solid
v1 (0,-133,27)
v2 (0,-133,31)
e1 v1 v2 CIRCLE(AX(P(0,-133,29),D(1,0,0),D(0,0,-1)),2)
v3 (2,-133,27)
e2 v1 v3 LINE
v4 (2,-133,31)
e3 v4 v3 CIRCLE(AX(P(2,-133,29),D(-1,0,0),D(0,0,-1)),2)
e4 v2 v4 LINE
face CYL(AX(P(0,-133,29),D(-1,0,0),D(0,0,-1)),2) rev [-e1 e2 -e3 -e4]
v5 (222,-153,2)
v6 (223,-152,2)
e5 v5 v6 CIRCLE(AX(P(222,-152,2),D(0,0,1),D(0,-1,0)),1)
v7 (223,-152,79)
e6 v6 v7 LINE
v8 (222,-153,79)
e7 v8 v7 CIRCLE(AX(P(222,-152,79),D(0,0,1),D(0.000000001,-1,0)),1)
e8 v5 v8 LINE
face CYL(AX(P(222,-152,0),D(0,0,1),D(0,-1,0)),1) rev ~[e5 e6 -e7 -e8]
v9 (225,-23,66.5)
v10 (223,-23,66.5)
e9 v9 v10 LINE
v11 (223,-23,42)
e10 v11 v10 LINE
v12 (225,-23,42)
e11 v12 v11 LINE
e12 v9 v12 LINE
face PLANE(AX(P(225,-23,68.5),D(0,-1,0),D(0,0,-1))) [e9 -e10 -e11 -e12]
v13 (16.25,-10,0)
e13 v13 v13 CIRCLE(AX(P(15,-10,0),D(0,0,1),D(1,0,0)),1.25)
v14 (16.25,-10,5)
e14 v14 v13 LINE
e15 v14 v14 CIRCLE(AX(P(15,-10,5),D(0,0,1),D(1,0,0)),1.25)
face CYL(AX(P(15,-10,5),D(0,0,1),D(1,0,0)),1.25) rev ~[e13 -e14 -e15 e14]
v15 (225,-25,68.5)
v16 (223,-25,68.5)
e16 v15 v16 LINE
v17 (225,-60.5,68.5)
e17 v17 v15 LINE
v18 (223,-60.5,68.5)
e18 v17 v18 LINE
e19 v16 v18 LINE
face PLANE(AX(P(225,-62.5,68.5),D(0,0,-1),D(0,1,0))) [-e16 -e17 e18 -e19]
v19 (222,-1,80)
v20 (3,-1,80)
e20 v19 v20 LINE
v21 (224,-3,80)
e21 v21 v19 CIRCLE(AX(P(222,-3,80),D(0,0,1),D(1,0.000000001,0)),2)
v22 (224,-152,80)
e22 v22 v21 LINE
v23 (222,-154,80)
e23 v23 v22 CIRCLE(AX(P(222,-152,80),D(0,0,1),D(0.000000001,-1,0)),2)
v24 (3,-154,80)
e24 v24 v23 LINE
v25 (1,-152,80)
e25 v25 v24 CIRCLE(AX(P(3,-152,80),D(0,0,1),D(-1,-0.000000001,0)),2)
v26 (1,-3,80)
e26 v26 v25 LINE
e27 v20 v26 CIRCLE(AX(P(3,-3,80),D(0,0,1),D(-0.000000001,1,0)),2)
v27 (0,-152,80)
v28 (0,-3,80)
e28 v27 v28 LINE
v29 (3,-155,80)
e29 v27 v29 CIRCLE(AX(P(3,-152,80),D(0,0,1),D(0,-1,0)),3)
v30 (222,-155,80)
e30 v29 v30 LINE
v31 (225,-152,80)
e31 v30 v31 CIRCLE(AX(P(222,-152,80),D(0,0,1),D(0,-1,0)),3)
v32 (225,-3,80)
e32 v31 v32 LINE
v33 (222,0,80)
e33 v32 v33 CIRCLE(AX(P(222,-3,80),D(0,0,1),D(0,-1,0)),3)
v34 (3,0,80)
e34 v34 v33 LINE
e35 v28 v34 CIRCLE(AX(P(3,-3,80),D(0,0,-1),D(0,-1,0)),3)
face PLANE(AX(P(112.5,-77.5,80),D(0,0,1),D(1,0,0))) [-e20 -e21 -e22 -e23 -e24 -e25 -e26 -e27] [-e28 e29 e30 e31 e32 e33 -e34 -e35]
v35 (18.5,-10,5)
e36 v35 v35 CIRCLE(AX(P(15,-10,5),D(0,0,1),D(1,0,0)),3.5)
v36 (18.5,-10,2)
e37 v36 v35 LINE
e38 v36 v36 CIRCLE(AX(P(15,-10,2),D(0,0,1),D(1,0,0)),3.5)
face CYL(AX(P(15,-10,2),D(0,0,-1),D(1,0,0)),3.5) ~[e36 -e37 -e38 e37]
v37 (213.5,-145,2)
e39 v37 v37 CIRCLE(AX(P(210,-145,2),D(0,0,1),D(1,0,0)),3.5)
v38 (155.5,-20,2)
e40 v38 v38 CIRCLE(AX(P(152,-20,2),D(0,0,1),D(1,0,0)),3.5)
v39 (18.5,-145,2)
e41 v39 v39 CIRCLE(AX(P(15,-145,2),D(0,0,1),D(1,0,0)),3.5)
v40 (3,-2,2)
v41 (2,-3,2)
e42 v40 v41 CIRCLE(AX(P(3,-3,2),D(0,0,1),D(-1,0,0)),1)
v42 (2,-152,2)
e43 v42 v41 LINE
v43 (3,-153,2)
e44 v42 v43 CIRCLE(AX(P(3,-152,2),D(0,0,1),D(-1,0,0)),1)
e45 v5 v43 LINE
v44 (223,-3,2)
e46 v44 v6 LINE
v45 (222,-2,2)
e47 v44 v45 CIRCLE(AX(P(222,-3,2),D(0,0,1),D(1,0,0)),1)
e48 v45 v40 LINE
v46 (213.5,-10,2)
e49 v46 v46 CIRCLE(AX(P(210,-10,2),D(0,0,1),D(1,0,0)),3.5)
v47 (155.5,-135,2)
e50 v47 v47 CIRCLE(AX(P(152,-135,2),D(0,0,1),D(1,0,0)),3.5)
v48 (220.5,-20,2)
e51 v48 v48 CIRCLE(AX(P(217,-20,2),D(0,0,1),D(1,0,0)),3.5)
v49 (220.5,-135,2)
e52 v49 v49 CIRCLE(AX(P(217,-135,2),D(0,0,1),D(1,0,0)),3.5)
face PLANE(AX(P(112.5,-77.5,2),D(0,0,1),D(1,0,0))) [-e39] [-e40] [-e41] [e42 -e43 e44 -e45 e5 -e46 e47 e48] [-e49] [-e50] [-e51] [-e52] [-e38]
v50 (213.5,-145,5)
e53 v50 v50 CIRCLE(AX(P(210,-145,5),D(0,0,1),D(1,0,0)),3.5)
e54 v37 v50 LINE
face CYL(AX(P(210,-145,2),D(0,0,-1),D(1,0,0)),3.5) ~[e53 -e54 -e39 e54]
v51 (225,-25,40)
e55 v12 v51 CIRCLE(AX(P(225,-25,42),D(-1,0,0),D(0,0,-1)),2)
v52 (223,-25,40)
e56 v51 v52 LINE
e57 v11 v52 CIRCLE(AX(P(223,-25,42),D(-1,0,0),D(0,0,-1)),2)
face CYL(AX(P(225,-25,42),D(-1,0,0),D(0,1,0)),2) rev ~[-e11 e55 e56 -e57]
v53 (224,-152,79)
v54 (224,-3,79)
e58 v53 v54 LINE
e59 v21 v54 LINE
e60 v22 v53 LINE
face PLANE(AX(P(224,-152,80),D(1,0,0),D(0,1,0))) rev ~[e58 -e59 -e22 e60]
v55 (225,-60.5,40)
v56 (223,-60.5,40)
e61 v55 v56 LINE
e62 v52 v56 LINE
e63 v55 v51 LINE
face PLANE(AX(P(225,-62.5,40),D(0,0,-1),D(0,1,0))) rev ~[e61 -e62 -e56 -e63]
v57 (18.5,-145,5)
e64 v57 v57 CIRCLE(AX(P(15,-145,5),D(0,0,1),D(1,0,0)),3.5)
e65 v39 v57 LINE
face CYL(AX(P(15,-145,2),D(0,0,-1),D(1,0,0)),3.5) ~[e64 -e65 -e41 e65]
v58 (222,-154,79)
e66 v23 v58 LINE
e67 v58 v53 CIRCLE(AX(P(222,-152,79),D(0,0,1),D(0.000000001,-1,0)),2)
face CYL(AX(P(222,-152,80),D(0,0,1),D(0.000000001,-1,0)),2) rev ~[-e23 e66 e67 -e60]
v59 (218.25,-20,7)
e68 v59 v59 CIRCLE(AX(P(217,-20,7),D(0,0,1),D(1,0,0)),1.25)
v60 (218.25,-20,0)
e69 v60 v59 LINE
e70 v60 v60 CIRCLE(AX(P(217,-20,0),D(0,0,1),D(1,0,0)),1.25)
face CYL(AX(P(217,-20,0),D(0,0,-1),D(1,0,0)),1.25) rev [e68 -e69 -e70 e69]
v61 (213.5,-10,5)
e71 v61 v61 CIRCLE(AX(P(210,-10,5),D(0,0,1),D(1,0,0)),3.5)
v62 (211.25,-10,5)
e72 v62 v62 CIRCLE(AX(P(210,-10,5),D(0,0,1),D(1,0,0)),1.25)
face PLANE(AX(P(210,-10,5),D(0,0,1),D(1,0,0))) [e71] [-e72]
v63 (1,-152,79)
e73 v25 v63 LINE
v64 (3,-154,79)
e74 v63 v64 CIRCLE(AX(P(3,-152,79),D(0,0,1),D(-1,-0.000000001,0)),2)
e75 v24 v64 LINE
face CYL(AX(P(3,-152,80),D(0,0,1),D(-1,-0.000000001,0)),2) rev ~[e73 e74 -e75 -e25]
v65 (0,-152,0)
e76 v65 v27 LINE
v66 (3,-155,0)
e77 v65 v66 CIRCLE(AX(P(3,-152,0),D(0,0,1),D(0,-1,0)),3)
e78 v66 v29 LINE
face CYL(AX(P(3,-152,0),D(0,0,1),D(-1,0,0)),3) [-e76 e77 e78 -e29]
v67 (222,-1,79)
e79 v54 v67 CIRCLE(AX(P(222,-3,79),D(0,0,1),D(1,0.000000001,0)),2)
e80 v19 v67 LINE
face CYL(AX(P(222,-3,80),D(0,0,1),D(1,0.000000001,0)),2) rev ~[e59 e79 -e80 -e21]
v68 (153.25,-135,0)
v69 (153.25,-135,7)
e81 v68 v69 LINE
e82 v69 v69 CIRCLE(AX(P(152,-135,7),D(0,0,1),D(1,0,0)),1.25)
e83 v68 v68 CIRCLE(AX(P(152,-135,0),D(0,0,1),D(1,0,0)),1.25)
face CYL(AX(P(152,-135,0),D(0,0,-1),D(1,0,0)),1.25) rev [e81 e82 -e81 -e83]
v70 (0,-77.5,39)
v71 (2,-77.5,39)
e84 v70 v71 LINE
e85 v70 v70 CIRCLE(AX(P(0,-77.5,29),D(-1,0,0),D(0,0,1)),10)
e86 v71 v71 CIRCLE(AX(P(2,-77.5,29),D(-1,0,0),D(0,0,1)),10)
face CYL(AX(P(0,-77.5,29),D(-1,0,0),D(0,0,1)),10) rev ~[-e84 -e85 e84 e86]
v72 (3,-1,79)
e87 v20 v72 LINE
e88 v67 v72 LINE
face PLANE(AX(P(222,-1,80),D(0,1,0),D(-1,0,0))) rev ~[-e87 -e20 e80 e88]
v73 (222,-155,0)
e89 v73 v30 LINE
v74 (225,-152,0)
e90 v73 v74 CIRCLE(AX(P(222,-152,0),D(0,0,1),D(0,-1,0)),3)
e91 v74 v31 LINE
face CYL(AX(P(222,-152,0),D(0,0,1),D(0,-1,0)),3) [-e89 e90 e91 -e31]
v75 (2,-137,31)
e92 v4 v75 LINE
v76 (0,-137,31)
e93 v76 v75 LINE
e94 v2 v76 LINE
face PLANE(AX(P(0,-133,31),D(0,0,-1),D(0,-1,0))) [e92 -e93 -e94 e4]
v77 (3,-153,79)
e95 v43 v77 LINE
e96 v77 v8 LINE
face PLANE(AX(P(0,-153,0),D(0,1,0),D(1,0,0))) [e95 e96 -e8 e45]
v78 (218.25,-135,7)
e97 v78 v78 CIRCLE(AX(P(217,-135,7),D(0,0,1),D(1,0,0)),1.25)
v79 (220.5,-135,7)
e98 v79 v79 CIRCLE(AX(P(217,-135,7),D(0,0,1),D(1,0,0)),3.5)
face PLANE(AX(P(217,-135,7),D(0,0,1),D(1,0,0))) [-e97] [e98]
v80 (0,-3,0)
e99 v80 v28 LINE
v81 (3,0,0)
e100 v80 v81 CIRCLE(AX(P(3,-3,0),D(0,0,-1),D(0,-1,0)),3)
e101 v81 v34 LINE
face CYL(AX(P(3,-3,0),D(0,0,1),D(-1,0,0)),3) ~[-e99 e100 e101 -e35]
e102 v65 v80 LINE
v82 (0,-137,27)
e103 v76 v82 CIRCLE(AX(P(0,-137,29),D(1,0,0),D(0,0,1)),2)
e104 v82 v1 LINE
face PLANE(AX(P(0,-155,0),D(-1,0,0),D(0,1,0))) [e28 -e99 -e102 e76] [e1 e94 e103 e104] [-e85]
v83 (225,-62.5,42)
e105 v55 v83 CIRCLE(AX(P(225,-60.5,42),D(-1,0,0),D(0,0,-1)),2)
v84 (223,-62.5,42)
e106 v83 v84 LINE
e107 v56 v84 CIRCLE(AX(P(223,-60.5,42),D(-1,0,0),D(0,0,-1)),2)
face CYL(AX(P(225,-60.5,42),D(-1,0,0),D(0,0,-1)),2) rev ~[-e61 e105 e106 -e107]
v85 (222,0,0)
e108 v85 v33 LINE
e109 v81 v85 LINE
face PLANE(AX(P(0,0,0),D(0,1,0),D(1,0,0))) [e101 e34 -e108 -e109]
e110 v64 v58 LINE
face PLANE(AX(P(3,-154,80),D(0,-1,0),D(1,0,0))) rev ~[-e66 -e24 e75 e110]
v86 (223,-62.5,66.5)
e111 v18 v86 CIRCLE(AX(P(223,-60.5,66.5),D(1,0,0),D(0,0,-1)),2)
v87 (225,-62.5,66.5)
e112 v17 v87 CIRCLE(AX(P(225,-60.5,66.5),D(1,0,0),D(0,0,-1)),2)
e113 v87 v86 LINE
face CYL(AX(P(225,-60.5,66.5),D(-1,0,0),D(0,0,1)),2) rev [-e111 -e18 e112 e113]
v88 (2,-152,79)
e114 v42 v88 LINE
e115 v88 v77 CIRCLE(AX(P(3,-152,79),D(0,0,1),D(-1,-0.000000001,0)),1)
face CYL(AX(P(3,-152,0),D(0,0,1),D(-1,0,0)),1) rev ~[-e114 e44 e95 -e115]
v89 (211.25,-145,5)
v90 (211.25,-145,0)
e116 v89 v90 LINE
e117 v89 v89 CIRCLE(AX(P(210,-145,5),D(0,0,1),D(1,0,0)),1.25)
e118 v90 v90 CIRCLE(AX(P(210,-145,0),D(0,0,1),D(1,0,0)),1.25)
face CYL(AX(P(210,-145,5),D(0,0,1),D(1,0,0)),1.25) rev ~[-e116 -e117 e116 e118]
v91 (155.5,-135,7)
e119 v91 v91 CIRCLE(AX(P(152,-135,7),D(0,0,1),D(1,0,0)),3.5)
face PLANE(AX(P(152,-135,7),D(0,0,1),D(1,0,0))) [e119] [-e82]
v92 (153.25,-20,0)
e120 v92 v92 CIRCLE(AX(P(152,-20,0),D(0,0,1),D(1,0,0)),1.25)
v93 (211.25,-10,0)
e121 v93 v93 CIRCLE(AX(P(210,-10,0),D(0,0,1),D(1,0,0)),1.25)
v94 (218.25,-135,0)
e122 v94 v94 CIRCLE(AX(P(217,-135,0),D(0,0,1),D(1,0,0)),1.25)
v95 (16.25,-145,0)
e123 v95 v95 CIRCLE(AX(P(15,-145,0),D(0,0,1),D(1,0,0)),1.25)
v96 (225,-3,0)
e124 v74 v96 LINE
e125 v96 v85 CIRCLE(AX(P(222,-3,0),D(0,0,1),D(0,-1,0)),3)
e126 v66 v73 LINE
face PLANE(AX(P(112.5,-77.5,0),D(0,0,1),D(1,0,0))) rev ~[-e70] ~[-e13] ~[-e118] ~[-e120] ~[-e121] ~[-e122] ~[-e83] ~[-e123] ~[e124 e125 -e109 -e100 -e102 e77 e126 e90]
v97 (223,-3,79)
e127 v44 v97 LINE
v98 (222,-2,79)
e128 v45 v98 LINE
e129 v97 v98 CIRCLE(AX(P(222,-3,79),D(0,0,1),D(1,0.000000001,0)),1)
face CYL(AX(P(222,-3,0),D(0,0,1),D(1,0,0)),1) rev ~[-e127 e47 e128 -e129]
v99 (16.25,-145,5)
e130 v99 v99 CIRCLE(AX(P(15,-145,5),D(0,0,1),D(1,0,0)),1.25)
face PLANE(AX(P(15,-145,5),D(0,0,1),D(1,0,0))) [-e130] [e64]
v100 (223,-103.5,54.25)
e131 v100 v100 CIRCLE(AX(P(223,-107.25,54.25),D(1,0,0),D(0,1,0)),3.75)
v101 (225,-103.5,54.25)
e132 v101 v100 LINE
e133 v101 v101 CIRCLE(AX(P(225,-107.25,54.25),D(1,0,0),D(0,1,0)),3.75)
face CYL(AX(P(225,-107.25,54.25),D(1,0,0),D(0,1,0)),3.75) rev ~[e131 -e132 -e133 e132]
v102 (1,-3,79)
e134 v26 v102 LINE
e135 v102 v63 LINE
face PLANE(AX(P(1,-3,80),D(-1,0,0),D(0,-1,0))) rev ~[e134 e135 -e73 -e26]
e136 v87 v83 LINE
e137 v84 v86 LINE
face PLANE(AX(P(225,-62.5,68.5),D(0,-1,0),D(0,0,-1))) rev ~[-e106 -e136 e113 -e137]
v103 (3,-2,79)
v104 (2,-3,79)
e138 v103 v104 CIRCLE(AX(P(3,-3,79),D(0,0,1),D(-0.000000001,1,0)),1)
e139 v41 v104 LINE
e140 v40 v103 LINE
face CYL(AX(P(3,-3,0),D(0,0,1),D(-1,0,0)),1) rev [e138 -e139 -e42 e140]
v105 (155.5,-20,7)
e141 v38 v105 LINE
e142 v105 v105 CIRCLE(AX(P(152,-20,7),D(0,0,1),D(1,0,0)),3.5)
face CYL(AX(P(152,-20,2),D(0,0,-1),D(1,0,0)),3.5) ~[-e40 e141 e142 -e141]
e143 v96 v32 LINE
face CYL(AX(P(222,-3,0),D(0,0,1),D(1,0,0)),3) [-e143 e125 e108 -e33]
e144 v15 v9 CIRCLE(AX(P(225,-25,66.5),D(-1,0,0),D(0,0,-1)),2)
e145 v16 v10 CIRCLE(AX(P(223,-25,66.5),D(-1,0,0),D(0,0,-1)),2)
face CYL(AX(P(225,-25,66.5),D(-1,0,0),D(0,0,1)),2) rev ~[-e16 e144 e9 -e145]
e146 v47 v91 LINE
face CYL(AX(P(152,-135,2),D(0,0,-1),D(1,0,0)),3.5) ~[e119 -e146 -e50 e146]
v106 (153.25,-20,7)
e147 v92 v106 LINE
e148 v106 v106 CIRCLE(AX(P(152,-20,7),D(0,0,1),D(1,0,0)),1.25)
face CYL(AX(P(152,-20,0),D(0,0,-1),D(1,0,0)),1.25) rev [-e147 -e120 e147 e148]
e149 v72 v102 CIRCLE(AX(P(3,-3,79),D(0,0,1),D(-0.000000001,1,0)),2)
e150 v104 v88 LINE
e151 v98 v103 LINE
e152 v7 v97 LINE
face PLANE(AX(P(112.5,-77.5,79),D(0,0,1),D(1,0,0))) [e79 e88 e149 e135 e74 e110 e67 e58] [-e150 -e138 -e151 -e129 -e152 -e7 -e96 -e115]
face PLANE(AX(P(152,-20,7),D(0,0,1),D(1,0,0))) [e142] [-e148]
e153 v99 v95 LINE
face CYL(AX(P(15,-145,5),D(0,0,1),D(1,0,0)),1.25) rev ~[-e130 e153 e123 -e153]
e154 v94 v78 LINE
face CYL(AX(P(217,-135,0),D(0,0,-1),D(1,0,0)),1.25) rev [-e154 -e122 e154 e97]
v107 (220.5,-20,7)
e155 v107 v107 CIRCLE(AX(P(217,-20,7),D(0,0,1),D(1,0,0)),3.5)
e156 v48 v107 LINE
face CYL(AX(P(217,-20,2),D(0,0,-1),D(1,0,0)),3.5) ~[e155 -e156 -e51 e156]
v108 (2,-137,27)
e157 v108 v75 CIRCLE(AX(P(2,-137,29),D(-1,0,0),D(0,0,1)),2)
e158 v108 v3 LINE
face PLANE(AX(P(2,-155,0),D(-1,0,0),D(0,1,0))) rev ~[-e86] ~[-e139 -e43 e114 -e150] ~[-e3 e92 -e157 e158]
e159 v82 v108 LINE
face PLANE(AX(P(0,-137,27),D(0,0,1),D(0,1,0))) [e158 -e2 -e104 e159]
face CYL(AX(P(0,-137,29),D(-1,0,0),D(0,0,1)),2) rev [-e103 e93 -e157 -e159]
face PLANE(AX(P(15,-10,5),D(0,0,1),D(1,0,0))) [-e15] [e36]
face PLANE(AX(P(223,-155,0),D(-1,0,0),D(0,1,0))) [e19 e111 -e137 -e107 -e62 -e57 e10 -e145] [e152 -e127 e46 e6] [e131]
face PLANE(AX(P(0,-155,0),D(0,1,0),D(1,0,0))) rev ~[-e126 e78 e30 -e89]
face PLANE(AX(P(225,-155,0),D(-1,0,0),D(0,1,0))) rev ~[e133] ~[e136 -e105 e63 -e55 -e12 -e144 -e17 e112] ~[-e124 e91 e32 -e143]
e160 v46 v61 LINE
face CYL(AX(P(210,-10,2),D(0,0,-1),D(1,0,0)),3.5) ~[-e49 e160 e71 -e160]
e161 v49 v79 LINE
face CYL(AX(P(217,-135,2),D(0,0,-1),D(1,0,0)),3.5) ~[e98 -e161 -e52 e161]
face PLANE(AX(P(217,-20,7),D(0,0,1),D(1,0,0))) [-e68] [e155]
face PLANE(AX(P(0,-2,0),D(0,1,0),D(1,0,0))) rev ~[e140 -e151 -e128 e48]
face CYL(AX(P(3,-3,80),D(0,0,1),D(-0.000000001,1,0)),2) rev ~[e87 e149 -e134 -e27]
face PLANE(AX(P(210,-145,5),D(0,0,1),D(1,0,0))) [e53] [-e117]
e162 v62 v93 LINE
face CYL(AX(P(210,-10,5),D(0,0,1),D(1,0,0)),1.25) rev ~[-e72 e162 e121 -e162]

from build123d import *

# Parameters (mm, degrees)
SKETCH_1_W          = 225
SKETCH_1_H          = 155
EXTRUDE_1_DEPTH     = 80
FILLET_1_R          = 3
SHELL_1_T           = -2
SKETCH_2_R          = 3.5
SKETCH_2_R_2        = 1.25
EXTRUDE_2_DEPTH     = 5
SKETCH_4_W          = 28.5
SKETCH_4_H          = 39.5
CUT_EXTRUDE_3_DEPTH = 3
FILLET_2_R          = 2
SKETCH_5_R          = 10
CUT_EXTRUDE_4_DEPTH = 3
SKETCH_6_R          = 3.75
CUT_EXTRUDE_5_DEPTH = 3
CUT_EXTRUDE_6_DEPTH = 3
CUT_EXTRUDE_7_DEPTH = 1
SKETCH_9_R          = 3.5
EXTRUDE_4_DEPTH     = 3
SKETCH_10_R         = 1.25
CUT_EXTRUDE_8_DEPTH = 5
CUT_EXTRUDE_START   = -2
SKETCH_11_R         = 1.25
CUT_EXTRUDE_9_DEPTH = 2


with BuildPart() as part:
    # 草图1 → 凸台-拉伸1 (new body)
    with BuildSketch(Plane.XY):
        with Locations((112.5, -77.5)):
            Rectangle(SKETCH_1_W, SKETCH_1_H)
    extrude(amount=EXTRUDE_1_DEPTH)

    # 圆角1
    fillet_1_edges = [part.edges().sort_by_distance(p)[0] for p in [
        (0, 0, 40),
        (225, 0, 40),
        (225, -155, 40),
        (0, -155, 40),
    ]]
    fillet(fillet_1_edges, radius=FILLET_1_R)

    # 抽壳1
    shell_1_openings = [part.faces().sort_by_distance(p)[0] for p in [
        (112.5, -77.5, 80),
    ]]
    offset(amount=SHELL_1_T, openings=shell_1_openings, kind=Kind.INTERSECTION)

    # 草图2 → 凸台-拉伸2 (add)
    # profile 1 of 4: a face of its own
    with BuildSketch(Plane.XY.offset(2)):
        with Locations((217, -20)):
            Circle(SKETCH_2_R)
        with Locations((217, -20)):
            Circle(SKETCH_2_R_2, mode=Mode.SUBTRACT)
    # profile 2 of 4: a face of its own
    with BuildSketch(Plane.XY.offset(2)):
        with Locations((152, -20)):
            Circle(SKETCH_2_R)
        with Locations((152, -20)):
            Circle(SKETCH_2_R_2, mode=Mode.SUBTRACT)
    # profile 3 of 4: a face of its own
    with BuildSketch(Plane.XY.offset(2)):
        with Locations((152, -135)):
            Circle(SKETCH_2_R)
        with Locations((152, -135)):
            Circle(SKETCH_2_R_2, mode=Mode.SUBTRACT)
    # profile 4 of 4: a face of its own
    with BuildSketch(Plane.XY.offset(2)):
        with Locations((217, -135)):
            Circle(SKETCH_2_R)
        with Locations((217, -135)):
            Circle(SKETCH_2_R_2, mode=Mode.SUBTRACT)
    extrude(amount=EXTRUDE_2_DEPTH)

    # 草图4 → 切除-拉伸3 (cut)
    with BuildSketch(Plane(origin=(225, 0, 0), x_dir=(0, 0, -1), z_dir=(1, 0, 0))):
        with Locations((-54.25, -42.75)):
            Rectangle(SKETCH_4_W, SKETCH_4_H)
    extrude(amount=-CUT_EXTRUDE_3_DEPTH, mode=Mode.SUBTRACT)

    # 圆角2
    fillet_2_edges = [part.edges().sort_by_distance(p)[0] for p in [
        (224, -62.5, 68.5),
        (224, -23, 68.5),
        (224, -23, 40),
        (224, -62.5, 40),
    ]]
    fillet(fillet_2_edges, radius=FILLET_2_R)

    # 草图5 → 切除-拉伸4 (cut)
    with BuildSketch(Plane.ZY):
        with Locations((29, -77.5)):
            Circle(SKETCH_5_R)
    extrude(amount=-CUT_EXTRUDE_4_DEPTH, mode=Mode.SUBTRACT)

    # 草图6 → 切除-拉伸5 (cut)
    with BuildSketch(Plane(origin=(225, 0, 0), x_dir=(0, 0, -1), z_dir=(1, 0, 0))):
        with Locations(Location((-54.25, -107.25, 0), (0, 0, 90))):
            Circle(SKETCH_6_R)
    extrude(amount=-CUT_EXTRUDE_5_DEPTH, mode=Mode.SUBTRACT)

    # 草图7 → 切除-拉伸6 (cut)
    with BuildSketch(Plane.ZY):
        with BuildLine():
            Line((31, -133), (31, -137))
            ThreePointArc((31, -137), (29, -139), (27, -137))
            Line((27, -137), (27, -133))
            ThreePointArc((27, -133), (29, -131), (31, -133))
        make_face()
    extrude(amount=-CUT_EXTRUDE_6_DEPTH, mode=Mode.SUBTRACT)

    # 草图8 → 切除-拉伸7 (cut)
    with BuildSketch(Plane.XY.offset(80)):
        with BuildLine():
            Line((3, -154), (222, -154))
            ThreePointArc((222, -154), (223.414213562, -153.414213562), (224, -152))
            Line((224, -152), (224, -3))
            ThreePointArc((224, -3), (223.414213562, -1.585786438), (222, -1))
            Line((222, -1), (3, -1))
            ThreePointArc((3, -1), (1.585786438, -1.585786438), (1, -3))
            Line((1, -3), (1, -152))
            ThreePointArc((1, -152), (1.585786438, -153.414213562), (3, -154))
        make_face()
        with BuildLine():
            Line((3, -153), (222, -153))
            ThreePointArc((222, -153), (222.707106781, -152.707106781), (223, -152))
            Line((223, -152), (223, -3))
            ThreePointArc((223, -3), (222.707106781, -2.292893219), (222, -2))
            Line((222, -2), (3, -2))
            ThreePointArc((3, -2), (2.292893219, -2.292893219), (2, -3))
            Line((2, -3), (2, -152))
            ThreePointArc((2, -152), (2.292893219, -152.707106781), (3, -153))
        make_face(mode=Mode.SUBTRACT)
    extrude(amount=-CUT_EXTRUDE_7_DEPTH, mode=Mode.SUBTRACT)

    # 草图9 → 凸台-拉伸4 (add)
    with BuildSketch(Plane.XY.offset(2)):
        with Locations((15, -10)):
            Circle(SKETCH_9_R)
        with Locations((210, -10)):
            Circle(SKETCH_9_R)
        with Locations((210, -145)):
            Circle(SKETCH_9_R)
        with Locations((15, -145)):
            Circle(SKETCH_9_R)
    extrude(amount=EXTRUDE_4_DEPTH)

    # 草图10 → 切除-拉伸8 (cut)
    with BuildSketch(Plane.XY.offset(5)):
        with Locations((15, -10)):
            Circle(SKETCH_10_R)
        with Locations((210, -10)):
            Circle(SKETCH_10_R)
        with Locations((210, -145)):
            Circle(SKETCH_10_R)
        with Locations((15, -145)):
            Circle(SKETCH_10_R)
    extrude(amount=-CUT_EXTRUDE_8_DEPTH, mode=Mode.SUBTRACT)

    # 草图11 → 切除-拉伸9 (cut)
    with BuildSketch(Plane.XY.offset(2).offset(CUT_EXTRUDE_START)):
        with Locations((217, -20)):
            Circle(SKETCH_11_R)
        with Locations((152, -20)):
            Circle(SKETCH_11_R)
        with Locations((217, -135)):
            Circle(SKETCH_11_R)
        with Locations((152, -135)):
            Circle(SKETCH_11_R)
    extrude(amount=CUT_EXTRUDE_9_DEPTH, mode=Mode.SUBTRACT)


solid = part.part
